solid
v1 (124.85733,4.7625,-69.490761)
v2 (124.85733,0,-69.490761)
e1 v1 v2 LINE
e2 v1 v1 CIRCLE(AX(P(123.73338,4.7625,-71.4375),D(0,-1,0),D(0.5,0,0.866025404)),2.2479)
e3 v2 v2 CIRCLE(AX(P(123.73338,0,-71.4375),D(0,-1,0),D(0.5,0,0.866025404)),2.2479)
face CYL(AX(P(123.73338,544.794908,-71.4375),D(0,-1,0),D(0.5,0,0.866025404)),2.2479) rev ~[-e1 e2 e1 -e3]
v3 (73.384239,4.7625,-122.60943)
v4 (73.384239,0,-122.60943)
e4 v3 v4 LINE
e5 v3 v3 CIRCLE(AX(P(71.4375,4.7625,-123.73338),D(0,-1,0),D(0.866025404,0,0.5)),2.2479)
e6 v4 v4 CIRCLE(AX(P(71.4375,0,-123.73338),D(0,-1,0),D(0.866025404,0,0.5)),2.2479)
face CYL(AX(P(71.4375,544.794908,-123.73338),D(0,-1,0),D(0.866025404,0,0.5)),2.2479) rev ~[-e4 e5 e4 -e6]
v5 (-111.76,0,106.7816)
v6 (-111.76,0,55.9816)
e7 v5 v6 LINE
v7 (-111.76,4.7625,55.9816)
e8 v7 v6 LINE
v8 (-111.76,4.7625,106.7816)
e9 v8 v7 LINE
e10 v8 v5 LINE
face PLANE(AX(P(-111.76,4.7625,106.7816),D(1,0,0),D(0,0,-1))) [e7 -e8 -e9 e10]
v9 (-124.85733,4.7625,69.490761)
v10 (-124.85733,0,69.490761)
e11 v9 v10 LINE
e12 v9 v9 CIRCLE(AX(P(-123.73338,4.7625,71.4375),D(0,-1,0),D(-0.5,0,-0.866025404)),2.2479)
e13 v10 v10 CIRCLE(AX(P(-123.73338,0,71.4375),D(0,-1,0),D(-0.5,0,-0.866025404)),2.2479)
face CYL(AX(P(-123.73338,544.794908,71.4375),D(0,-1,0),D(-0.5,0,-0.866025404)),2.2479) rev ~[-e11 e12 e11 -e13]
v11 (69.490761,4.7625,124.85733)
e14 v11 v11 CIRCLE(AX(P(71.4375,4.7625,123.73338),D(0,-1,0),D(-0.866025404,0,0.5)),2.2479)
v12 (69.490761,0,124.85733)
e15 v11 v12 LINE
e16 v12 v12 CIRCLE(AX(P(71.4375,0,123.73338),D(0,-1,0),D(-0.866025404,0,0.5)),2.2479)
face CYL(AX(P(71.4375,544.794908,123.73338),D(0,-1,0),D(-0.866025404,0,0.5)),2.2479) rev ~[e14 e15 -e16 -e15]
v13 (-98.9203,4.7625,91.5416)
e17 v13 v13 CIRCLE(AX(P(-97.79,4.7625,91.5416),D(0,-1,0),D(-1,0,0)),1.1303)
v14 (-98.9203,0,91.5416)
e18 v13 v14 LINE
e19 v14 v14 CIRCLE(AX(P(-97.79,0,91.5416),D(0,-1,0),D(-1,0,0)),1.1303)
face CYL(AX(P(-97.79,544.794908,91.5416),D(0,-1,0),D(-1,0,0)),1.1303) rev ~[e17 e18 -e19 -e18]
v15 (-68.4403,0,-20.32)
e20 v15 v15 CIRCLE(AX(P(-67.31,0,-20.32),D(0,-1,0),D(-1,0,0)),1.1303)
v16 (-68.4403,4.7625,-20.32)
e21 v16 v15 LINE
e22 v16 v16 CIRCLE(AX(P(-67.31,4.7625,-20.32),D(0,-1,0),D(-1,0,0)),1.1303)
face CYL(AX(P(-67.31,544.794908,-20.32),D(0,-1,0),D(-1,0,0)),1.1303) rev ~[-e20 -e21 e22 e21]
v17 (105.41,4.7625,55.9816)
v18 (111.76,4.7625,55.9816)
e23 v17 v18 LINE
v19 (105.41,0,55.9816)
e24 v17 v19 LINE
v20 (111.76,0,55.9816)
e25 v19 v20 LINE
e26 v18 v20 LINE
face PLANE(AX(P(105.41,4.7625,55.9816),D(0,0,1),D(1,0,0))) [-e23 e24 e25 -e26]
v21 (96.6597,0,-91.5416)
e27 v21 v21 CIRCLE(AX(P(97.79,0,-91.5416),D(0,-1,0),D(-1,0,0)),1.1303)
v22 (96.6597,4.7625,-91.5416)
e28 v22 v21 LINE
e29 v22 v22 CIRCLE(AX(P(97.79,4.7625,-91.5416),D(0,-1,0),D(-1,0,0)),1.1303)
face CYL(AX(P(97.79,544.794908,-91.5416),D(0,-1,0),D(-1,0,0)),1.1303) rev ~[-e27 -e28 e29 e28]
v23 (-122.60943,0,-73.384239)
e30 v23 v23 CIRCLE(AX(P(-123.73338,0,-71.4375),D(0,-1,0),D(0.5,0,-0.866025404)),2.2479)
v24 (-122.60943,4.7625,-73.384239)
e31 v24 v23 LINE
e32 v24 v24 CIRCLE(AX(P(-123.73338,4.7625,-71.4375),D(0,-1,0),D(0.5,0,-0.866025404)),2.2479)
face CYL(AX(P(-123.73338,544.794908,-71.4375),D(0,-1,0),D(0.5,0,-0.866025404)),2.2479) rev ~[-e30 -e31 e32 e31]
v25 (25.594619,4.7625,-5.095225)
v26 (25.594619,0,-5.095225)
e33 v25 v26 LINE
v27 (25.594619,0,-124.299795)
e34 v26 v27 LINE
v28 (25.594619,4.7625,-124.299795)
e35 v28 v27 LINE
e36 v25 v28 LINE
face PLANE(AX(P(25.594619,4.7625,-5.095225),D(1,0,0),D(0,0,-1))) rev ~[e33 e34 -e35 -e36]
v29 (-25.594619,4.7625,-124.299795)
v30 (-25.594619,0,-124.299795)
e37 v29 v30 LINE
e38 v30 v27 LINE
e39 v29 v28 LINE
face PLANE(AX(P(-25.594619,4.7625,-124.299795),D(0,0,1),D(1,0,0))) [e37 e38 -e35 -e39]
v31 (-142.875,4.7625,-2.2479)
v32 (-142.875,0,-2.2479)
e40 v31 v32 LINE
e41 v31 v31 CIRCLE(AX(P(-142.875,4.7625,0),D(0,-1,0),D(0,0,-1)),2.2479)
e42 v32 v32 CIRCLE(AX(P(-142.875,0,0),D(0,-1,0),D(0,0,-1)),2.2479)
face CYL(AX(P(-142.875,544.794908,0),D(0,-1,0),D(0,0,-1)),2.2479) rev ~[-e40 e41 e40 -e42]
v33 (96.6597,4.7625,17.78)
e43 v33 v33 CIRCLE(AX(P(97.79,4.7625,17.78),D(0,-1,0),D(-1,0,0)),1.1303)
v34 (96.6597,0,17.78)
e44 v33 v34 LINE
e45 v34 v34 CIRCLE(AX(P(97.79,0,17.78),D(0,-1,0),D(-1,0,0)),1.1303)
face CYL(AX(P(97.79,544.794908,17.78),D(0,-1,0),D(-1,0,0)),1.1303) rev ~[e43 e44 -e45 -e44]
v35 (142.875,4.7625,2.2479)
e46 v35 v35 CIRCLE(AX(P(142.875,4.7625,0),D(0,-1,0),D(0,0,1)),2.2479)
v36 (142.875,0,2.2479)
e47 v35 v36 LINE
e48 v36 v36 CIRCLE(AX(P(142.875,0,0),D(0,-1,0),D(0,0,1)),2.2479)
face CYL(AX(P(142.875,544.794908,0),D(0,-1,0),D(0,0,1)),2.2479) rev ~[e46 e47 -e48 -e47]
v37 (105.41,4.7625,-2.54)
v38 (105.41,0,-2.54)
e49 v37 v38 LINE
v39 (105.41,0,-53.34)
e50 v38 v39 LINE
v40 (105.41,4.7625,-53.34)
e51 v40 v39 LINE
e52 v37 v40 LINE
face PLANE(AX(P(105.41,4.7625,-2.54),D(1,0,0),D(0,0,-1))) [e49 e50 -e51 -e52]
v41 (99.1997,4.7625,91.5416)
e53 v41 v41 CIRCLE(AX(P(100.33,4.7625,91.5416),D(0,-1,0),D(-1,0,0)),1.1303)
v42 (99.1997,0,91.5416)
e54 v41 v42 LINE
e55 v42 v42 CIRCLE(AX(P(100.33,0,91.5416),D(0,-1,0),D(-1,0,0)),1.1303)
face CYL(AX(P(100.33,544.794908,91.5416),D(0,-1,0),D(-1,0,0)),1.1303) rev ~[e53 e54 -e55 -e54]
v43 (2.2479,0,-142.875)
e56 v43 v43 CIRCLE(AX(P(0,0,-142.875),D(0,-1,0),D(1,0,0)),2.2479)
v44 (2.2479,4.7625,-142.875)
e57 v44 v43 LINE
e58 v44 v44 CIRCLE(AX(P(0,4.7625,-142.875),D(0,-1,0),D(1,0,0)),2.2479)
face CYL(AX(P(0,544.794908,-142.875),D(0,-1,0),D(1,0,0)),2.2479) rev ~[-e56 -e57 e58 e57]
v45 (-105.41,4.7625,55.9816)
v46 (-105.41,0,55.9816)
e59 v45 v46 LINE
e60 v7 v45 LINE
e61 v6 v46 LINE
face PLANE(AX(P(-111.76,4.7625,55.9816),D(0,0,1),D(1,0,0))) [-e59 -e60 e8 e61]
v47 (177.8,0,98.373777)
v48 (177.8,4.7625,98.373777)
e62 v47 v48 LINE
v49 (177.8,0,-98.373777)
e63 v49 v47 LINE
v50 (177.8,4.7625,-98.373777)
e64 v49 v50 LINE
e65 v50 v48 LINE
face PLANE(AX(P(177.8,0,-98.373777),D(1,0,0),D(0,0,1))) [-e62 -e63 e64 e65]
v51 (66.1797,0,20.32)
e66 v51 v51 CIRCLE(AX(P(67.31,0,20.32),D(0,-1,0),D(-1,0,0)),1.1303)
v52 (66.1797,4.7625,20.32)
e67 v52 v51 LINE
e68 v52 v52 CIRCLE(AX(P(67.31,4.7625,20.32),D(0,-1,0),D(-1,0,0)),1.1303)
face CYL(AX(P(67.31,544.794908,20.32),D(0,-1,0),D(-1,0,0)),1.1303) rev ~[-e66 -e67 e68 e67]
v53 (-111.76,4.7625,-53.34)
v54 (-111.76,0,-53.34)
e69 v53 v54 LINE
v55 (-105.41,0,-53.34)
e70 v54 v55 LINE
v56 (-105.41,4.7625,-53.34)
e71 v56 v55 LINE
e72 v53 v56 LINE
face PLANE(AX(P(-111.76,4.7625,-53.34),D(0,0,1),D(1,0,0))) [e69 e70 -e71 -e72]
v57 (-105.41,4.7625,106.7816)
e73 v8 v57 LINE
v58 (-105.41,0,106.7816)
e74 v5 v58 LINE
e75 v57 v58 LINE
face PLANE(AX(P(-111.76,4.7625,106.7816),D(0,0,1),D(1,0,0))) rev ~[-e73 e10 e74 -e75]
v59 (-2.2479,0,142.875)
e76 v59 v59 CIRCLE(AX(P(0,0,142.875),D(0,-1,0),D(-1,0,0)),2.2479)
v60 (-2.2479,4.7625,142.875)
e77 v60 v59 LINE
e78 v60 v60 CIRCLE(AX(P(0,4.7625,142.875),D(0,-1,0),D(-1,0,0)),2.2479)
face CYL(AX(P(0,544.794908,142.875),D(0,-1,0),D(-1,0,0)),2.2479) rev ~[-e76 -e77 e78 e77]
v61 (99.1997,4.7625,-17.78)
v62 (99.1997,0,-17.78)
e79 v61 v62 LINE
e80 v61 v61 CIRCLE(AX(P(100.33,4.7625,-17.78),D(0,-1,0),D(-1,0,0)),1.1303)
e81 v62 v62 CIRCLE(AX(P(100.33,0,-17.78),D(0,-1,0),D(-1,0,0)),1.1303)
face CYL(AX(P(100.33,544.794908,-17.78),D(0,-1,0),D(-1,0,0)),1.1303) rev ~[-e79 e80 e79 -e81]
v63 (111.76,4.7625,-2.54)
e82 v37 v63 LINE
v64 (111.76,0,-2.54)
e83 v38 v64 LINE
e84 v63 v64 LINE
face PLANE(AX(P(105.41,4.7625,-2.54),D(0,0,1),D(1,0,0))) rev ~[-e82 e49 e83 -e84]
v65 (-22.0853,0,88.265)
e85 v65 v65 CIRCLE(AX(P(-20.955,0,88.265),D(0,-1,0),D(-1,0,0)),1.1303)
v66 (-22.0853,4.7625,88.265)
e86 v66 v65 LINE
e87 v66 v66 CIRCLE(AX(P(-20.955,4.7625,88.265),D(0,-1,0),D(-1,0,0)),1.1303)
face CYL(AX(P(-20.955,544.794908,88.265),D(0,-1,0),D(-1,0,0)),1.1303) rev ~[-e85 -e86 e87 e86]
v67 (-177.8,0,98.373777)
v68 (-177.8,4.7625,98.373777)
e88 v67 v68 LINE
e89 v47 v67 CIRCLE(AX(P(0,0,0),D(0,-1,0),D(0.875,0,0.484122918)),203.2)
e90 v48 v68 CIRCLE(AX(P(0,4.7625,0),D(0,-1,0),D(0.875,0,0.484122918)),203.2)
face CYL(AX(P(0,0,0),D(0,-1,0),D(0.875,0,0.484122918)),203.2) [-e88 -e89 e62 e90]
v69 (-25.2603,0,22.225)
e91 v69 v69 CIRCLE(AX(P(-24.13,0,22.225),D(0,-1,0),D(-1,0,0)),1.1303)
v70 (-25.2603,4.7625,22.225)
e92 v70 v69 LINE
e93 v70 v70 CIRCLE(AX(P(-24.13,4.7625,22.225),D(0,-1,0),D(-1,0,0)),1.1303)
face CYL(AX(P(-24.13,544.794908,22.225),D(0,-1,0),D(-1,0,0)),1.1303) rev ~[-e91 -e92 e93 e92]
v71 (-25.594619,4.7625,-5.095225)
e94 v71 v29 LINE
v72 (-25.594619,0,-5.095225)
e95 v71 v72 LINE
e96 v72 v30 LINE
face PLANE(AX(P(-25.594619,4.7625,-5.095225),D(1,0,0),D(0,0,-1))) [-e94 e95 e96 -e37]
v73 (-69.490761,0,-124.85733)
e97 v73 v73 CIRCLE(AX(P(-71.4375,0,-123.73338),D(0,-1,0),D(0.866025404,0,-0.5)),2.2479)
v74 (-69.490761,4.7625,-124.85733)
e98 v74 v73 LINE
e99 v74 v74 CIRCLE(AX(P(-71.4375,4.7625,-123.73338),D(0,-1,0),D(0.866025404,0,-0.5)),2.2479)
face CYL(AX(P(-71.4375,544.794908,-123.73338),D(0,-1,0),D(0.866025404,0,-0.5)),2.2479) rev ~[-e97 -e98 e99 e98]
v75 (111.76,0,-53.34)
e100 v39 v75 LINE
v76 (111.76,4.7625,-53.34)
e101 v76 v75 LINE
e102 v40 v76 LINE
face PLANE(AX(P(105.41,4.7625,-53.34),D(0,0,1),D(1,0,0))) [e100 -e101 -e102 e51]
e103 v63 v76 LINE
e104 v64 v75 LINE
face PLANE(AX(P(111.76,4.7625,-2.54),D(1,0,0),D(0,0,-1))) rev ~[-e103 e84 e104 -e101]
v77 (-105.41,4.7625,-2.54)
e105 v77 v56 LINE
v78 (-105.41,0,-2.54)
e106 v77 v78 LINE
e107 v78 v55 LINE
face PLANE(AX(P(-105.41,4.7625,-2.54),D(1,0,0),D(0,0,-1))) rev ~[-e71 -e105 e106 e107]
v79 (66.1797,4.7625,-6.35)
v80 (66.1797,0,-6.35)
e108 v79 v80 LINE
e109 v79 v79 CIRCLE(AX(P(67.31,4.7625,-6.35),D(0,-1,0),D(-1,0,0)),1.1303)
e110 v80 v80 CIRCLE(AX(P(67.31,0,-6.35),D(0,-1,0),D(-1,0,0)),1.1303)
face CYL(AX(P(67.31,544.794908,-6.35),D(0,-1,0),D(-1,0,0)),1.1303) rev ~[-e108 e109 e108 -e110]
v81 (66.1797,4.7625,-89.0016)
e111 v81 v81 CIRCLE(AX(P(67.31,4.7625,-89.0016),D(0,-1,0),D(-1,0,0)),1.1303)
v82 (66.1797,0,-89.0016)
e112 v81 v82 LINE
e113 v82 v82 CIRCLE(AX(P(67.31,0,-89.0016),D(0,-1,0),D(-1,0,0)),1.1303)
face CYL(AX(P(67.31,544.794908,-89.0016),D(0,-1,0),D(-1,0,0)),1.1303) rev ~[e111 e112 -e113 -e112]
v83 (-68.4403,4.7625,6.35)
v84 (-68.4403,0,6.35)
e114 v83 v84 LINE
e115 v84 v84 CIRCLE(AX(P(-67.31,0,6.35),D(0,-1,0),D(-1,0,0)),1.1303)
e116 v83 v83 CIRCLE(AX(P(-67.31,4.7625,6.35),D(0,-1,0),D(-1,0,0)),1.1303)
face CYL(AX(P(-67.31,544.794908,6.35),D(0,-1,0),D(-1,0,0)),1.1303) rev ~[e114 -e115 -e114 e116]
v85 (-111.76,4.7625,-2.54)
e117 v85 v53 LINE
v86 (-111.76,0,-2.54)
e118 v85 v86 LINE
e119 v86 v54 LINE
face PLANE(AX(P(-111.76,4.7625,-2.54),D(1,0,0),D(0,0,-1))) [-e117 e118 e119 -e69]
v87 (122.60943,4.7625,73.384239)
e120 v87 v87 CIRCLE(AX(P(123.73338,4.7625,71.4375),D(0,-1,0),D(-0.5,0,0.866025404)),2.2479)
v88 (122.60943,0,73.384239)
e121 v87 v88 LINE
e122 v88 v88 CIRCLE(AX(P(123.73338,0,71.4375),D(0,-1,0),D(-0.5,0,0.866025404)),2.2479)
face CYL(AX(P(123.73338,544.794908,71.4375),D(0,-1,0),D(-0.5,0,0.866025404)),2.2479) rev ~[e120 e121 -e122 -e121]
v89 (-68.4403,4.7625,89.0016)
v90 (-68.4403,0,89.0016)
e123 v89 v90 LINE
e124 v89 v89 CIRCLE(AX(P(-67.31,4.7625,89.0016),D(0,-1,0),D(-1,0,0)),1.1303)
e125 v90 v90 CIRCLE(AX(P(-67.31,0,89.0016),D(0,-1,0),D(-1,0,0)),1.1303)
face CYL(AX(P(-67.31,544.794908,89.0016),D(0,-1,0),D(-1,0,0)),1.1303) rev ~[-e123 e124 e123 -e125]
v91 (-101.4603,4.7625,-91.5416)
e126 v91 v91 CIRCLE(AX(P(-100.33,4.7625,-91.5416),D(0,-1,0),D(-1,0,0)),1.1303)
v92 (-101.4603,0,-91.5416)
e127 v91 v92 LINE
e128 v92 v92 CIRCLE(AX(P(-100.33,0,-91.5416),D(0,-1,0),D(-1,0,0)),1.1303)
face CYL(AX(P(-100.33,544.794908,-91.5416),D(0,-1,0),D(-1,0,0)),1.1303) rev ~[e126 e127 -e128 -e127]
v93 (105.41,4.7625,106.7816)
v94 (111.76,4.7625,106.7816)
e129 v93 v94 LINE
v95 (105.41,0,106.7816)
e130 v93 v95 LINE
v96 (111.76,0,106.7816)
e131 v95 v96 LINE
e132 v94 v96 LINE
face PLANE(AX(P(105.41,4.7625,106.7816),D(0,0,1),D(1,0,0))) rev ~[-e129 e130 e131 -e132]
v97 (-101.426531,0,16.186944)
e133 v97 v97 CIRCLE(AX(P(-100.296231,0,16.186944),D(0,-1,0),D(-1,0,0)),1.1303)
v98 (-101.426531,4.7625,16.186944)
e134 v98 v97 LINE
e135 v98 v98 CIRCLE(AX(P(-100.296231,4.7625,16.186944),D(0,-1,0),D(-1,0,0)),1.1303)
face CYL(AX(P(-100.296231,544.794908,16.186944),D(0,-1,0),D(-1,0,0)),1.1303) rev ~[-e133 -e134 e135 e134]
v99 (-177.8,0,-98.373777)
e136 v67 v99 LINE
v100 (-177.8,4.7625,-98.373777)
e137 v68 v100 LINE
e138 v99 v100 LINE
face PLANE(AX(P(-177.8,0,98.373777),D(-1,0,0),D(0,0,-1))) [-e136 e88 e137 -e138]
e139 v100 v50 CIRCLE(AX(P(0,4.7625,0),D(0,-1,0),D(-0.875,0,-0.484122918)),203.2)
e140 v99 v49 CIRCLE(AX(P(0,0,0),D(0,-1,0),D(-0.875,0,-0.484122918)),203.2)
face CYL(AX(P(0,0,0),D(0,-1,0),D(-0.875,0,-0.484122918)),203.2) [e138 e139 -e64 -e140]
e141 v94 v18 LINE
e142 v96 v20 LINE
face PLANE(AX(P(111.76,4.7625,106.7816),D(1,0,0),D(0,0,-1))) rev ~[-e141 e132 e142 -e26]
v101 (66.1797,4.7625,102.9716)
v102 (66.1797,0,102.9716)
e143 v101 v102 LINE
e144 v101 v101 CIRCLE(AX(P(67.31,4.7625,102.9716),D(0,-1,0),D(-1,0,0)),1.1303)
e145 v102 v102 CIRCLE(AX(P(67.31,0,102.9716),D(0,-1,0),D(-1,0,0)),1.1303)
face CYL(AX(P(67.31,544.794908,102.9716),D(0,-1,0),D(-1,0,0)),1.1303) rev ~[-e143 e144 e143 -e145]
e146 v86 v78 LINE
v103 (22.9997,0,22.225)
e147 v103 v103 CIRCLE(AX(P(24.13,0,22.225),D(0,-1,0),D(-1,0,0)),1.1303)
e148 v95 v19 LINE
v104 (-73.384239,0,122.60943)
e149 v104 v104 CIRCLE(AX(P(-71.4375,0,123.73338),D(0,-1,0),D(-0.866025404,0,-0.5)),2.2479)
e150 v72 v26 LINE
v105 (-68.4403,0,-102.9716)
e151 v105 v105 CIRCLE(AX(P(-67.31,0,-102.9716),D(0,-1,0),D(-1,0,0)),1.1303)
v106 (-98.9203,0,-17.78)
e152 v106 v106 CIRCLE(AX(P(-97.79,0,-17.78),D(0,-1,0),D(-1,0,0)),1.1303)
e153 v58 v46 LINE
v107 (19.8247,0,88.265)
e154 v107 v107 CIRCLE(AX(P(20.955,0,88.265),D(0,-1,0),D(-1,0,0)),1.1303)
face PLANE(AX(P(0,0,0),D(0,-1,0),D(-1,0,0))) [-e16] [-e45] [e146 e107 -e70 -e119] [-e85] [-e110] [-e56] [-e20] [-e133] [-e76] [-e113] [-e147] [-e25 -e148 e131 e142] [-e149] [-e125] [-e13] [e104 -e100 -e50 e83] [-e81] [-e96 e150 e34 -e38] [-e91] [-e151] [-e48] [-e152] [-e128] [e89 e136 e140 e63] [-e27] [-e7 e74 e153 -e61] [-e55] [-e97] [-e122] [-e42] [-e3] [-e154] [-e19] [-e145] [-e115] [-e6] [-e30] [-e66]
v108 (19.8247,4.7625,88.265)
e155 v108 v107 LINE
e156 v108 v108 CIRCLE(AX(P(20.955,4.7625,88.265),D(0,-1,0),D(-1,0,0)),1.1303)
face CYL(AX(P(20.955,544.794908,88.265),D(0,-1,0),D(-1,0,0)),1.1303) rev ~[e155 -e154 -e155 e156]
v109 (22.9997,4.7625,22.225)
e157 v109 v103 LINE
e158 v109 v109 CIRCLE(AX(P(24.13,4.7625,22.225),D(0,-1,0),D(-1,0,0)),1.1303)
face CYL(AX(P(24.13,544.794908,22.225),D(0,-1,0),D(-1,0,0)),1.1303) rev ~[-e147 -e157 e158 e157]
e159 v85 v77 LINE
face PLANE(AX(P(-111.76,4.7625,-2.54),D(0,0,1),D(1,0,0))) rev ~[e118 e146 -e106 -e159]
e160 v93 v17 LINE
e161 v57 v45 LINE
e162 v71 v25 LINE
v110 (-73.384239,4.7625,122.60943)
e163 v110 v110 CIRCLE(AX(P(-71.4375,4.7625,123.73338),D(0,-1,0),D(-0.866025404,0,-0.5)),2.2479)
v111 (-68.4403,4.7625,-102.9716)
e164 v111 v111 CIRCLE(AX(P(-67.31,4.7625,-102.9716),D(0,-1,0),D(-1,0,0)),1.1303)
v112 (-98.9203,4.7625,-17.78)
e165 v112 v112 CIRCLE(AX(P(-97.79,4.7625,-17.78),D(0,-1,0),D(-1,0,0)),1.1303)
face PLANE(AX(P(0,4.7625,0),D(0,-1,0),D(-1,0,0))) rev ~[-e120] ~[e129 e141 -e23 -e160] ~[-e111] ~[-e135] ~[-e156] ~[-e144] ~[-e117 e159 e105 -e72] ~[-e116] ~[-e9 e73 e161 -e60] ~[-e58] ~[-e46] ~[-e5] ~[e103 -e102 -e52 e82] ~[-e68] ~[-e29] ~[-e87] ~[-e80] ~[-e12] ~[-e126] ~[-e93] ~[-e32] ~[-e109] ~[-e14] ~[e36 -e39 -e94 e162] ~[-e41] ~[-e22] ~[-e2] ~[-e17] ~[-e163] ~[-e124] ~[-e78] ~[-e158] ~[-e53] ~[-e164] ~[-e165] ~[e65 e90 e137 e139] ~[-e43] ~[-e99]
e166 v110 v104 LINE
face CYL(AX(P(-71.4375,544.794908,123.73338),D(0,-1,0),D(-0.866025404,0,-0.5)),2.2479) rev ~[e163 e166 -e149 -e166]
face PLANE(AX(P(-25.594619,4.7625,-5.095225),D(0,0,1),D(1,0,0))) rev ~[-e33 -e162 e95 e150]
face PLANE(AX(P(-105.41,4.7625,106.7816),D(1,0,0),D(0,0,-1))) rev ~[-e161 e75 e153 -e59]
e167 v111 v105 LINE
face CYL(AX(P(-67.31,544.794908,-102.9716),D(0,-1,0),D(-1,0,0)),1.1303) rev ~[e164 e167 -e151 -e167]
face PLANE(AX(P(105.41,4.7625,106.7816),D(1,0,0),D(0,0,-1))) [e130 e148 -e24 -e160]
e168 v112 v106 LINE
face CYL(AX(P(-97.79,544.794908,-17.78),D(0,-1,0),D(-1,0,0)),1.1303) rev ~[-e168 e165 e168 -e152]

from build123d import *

# Parameters (mm, degrees)
BOSS_EXTRUDE1_DEPTH   = 4.7625
F_8_CLEARANCE_HOLE1_D = 4.4958
CIRPATTERN1_COUNT     = 12
F_4_40_TAPPED_HOLE1_D = 2.2606
CUT_EXTRUDE1_REACH    = 272.048
SKETCH11_W            = 51.189238902
SKETCH11_H            = 119.204570221
CUT_EXTRUDE2_REACH    = 272.048
SKETCH12_W            = 6.35
SKETCH12_H            = 50.8


with BuildPart() as part:
    # Sketch1 → Boss-Extrude1 (new body)
    with BuildSketch(Plane(origin=(0, 0, 0), x_dir=(1, 0, 0), z_dir=(0, 1, 0))):
        with BuildLine():
            Line((177.8, 98.373776994), (177.8, -98.373776994))
            ThreePointArc((177.8, -98.373776994), (0, -203.2), (-177.8, -98.373776994))
            Line((-177.8, -98.373776994), (-177.8, 98.373776994))
            ThreePointArc((-177.8, 98.373776994), (0, 203.2), (177.8, 98.373776994))
        make_face()
    extrude(amount=BOSS_EXTRUDE1_DEPTH)

    # #8 Clearance Hole1 (through all)
    with Locations(Plane(origin=(0, 4.7625, 0), x_dir=(1, 0, 0), z_dir=(0, 1, 0))):
        with Locations((0, -142.875)):
            f_8_clearance_hole1 = Hole(F_8_CLEARANCE_HOLE1_D / 2)

    # CirPattern1: #8 Clearance Hole1 ×12 about axis
    cirpattern1_axis = Axis((0, 0, 0), (0, 1, 0))
    for i in range(1, CIRPATTERN1_COUNT):
        add(f_8_clearance_hole1.rotate(cirpattern1_axis, i * 360 / CIRPATTERN1_COUNT), mode=Mode.SUBTRACT)

    # #4-40 Tapped Hole1 (through all)
    with Locations(Plane(origin=(0, 4.7625, 0), x_dir=(1, 0, 0), z_dir=(0, 1, 0))):
        with Locations((-100.33, 91.5416), (-67.31, 102.9716), (-67.31, 20.32), (-97.79, 17.78), (-100.296230539, -16.186944047), (-67.31, -6.35), (-67.31, -89.0016), (-97.79, -91.5416), (67.31, -102.9716), (100.33, -91.5416), (97.79, -17.78), (67.31, -20.32), (67.31, 6.35), (100.33, 17.78), (97.79, 91.5416), (67.31, 89.0016), (24.13, -22.225), (-24.13, -22.225), (-20.955, -88.265), (20.955, -88.265)):
            Hole(F_4_40_TAPPED_HOLE1_D / 2)

    # Sketch11 → Cut-Extrude1 (cut, up to next)
    with BuildSketch(Plane(origin=(0, 4.7625, 0), x_dir=(1, 0, 0), z_dir=(0, 1, 0)), mode=Mode.PRIVATE) as cut_extrude1_sk1:
        with Locations((0, 64.697510279)):
            Rectangle(SKETCH11_W, SKETCH11_H)
    cut_extrude1_tool1 = extrude(cut_extrude1_sk1.sketch, amount=-CUT_EXTRUDE1_REACH, mode=Mode.PRIVATE) & part.part
    add(cut_extrude1_tool1.solids().sort_by_distance((0, 4.7625, -64.69751))[0], mode=Mode.SUBTRACT)

    # Sketch12 → Cut-Extrude2 (cut, up to next)
    with BuildSketch(Plane(origin=(0, 4.7625, 0), x_dir=(1, 0, 0), z_dir=(0, 1, 0)), mode=Mode.PRIVATE) as cut_extrude2_sk1:
        with Locations((-108.585, 27.94)):
            Rectangle(SKETCH12_W, SKETCH12_H)
    cut_extrude2_tool1 = extrude(cut_extrude2_sk1.sketch, amount=-CUT_EXTRUDE2_REACH, mode=Mode.PRIVATE) & part.part
    # Sketch12 → Cut-Extrude2 (cut, up to next)
    with BuildSketch(Plane(origin=(0, 4.7625, 0), x_dir=(1, 0, 0), z_dir=(0, 1, 0)), mode=Mode.PRIVATE) as cut_extrude2_sk2:
        with Locations((-108.585, -81.3816)):
            Rectangle(SKETCH12_W, SKETCH12_H)
    cut_extrude2_tool2 = extrude(cut_extrude2_sk2.sketch, amount=-CUT_EXTRUDE2_REACH, mode=Mode.PRIVATE) & part.part
    # Sketch12 → Cut-Extrude2 (cut, up to next)
    with BuildSketch(Plane(origin=(0, 4.7625, 0), x_dir=(1, 0, 0), z_dir=(0, 1, 0)), mode=Mode.PRIVATE) as cut_extrude2_sk3:
        with Locations((108.585, 27.94)):
            Rectangle(SKETCH12_W, SKETCH12_H)
    cut_extrude2_tool3 = extrude(cut_extrude2_sk3.sketch, amount=-CUT_EXTRUDE2_REACH, mode=Mode.PRIVATE) & part.part
    # Sketch12 → Cut-Extrude2 (cut, up to next)
    with BuildSketch(Plane(origin=(0, 4.7625, 0), x_dir=(1, 0, 0), z_dir=(0, 1, 0)), mode=Mode.PRIVATE) as cut_extrude2_sk4:
        with Locations((108.585, -81.3816)):
            Rectangle(SKETCH12_W, SKETCH12_H)
    cut_extrude2_tool4 = extrude(cut_extrude2_sk4.sketch, amount=-CUT_EXTRUDE2_REACH, mode=Mode.PRIVATE) & part.part
    add(cut_extrude2_tool1.solids().sort_by_distance((-108.585, 4.7625, -27.94))[0], mode=Mode.SUBTRACT)
    add(cut_extrude2_tool2.solids().sort_by_distance((-108.585, 4.7625, 81.3816))[0], mode=Mode.SUBTRACT)
    add(cut_extrude2_tool3.solids().sort_by_distance((108.585, 4.7625, -27.94))[0], mode=Mode.SUBTRACT)
    add(cut_extrude2_tool4.solids().sort_by_distance((108.585, 4.7625, 81.3816))[0], mode=Mode.SUBTRACT)


solid = part.part
